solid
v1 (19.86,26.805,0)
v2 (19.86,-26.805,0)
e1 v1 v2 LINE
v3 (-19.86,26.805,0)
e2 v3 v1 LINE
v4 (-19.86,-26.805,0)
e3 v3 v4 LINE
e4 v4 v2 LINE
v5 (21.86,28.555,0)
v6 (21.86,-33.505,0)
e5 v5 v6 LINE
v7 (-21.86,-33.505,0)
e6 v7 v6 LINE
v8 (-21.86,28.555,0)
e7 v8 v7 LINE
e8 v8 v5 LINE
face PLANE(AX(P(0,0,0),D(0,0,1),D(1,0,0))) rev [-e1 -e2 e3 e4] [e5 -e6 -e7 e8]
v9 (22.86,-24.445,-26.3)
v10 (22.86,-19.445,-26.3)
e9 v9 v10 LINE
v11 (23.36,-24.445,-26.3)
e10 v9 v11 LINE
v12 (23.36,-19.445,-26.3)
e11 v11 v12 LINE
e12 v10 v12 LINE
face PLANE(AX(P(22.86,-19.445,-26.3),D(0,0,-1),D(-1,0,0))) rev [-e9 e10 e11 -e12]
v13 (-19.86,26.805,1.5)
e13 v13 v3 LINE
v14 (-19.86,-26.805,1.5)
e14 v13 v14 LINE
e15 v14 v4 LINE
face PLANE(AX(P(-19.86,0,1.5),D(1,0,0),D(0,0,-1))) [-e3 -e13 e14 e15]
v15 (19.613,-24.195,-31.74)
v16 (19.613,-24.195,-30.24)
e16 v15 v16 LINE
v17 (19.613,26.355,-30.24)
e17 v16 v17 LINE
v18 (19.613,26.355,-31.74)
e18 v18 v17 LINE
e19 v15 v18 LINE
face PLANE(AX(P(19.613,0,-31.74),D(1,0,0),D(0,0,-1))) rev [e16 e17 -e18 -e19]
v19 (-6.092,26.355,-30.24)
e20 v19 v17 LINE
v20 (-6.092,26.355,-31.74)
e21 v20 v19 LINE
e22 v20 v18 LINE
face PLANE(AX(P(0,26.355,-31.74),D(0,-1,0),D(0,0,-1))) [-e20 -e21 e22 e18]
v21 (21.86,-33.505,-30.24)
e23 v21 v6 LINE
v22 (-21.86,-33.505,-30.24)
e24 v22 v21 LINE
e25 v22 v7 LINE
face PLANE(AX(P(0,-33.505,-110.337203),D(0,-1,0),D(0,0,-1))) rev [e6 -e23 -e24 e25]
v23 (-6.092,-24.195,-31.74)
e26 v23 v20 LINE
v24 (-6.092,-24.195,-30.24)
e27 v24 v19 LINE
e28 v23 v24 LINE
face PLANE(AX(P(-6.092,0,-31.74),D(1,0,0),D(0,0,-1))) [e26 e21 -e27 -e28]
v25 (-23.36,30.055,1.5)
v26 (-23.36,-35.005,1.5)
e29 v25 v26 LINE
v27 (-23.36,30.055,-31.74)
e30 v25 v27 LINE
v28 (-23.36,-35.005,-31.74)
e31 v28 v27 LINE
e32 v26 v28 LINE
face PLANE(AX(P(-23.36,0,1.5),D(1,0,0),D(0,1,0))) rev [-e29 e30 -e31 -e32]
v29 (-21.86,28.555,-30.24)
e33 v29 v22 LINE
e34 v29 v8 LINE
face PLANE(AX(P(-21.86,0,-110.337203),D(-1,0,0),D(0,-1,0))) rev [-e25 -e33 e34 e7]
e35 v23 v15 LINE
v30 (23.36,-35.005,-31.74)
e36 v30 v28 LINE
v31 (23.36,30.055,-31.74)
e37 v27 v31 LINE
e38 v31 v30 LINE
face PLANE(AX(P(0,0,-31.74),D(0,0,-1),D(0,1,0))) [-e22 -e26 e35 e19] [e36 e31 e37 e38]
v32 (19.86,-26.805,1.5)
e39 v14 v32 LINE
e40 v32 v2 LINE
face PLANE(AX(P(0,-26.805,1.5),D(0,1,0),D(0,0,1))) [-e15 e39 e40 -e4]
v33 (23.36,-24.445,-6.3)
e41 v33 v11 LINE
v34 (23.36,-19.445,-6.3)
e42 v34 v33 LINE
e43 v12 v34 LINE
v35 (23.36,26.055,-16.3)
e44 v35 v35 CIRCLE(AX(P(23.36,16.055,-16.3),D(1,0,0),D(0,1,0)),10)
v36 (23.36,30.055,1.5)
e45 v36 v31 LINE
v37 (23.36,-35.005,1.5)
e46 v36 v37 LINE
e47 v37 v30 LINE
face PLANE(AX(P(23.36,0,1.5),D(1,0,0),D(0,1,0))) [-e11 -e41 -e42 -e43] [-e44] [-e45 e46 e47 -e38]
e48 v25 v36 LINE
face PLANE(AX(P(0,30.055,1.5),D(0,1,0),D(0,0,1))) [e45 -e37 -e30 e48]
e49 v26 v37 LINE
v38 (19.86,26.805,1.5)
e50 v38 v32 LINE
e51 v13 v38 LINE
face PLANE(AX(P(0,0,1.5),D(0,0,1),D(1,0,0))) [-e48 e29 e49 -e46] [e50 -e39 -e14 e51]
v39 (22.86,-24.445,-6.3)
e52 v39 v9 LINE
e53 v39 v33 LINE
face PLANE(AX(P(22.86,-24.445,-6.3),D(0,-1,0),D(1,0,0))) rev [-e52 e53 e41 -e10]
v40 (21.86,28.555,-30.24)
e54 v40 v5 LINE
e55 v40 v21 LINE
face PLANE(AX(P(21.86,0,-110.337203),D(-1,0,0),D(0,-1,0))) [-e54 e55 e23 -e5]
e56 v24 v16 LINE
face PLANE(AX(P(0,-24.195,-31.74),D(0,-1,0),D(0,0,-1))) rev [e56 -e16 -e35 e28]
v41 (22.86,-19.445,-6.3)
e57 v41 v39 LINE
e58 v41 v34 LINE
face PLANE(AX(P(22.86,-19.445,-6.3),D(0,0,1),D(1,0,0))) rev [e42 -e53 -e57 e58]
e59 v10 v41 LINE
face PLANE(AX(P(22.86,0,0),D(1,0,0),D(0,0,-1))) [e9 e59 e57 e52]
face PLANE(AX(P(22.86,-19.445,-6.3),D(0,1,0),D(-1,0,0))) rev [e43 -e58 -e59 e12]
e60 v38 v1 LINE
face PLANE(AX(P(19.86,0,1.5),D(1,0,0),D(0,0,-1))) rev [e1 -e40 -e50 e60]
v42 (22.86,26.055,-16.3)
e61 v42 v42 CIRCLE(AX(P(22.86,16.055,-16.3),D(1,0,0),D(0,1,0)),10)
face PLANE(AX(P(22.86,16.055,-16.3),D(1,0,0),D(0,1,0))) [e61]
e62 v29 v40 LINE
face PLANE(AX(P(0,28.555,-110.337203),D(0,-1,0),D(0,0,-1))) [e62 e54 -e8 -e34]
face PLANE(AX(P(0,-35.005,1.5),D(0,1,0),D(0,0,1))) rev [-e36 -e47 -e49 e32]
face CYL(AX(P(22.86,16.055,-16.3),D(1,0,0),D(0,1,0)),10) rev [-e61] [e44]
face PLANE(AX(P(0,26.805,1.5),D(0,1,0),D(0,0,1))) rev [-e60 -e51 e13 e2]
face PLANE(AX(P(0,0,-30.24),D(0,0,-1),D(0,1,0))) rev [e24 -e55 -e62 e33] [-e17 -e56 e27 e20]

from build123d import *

# Parameters (mm, degrees)
SKETCH1_W           = 46.72
SKETCH1_H           = 65.06
SKETCH1_W_2         = 39.72
SKETCH1_H_2         = 53.61
BOSS_EXTRUDE1_DEPTH = 1.5
SKETCH1_3_W         = 46.72
SKETCH1_3_H         = 65.06
SKETCH1_3_W_2       = 43.72
SKETCH1_3_H_2       = 62.06
BOSS_EXTRUDE2_DEPTH = 30.24
SKETCH3_W           = 46.72
SKETCH3_H           = 65.06
SKETCH3_W_2         = 43.72
SKETCH3_H_2         = 62.06
SKETCH3_W_3         = 25.705
SKETCH3_H_3         = 50.55
BOSS_EXTRUDE3_DEPTH = 1.5
SKETCH4_R           = 10
SKETCH4_W           = 20
SKETCH4_H           = 5
CUT_EXTRUDE1_DEPTH  = 0.5


with BuildPart() as part:
    # Sketch1 → Boss-Extrude1 (new body)
    with BuildSketch(Plane.XY):
        with Locations((0, -2.475)):
            Rectangle(SKETCH1_W, SKETCH1_H)
        Rectangle(SKETCH1_W_2, SKETCH1_H_2, mode=Mode.SUBTRACT)
    extrude(amount=BOSS_EXTRUDE1_DEPTH)

    # Sketch1<3> → Boss-Extrude2 (add)
    with BuildSketch(Plane.XY):
        with Locations((0, -2.475)):
            Rectangle(SKETCH1_3_W, SKETCH1_3_H)
        with Locations((0, -2.475)):
            Rectangle(SKETCH1_3_W_2, SKETCH1_3_H_2, mode=Mode.SUBTRACT)
    extrude(amount=-BOSS_EXTRUDE2_DEPTH)

    # Sketch3 → Boss-Extrude3 (add)
    # profile 1 of 2: a face of its own
    with BuildSketch(Plane(origin=(0, 0, -30.24), x_dir=(-1, 0, 0), z_dir=(0, 0, -1))):
        with Locations((0, -2.475)):
            Rectangle(SKETCH3_W, SKETCH3_H)
        with Locations((0, -2.475)):
            Rectangle(SKETCH3_W_2, SKETCH3_H_2, mode=Mode.SUBTRACT)
    # profile 2 of 2: a face of its own
    with BuildSketch(Plane(origin=(0, 0, -30.24), x_dir=(-1, 0, 0), z_dir=(0, 0, -1))):
        with Locations((0, -2.475)):
            Rectangle(SKETCH3_W_2, SKETCH3_H_2)
        with Locations((-6.7605, 1.08)):
            Rectangle(SKETCH3_W_3, SKETCH3_H_3, mode=Mode.SUBTRACT)
    extrude(amount=BOSS_EXTRUDE3_DEPTH)

    # Sketch4 → Cut-Extrude1 (cut)
    with BuildSketch(Plane(origin=(23.36, 0, 0), x_dir=(0, 0, -1), z_dir=(1, 0, 0))):
        with Locations(Location((16.3, 16.055, 0), (0, 0, 90))):
            Circle(SKETCH4_R)
        with Locations((16.3, -21.945)):
            Rectangle(SKETCH4_W, SKETCH4_H)
    extrude(amount=-CUT_EXTRUDE1_DEPTH, mode=Mode.SUBTRACT)


solid = part.part
